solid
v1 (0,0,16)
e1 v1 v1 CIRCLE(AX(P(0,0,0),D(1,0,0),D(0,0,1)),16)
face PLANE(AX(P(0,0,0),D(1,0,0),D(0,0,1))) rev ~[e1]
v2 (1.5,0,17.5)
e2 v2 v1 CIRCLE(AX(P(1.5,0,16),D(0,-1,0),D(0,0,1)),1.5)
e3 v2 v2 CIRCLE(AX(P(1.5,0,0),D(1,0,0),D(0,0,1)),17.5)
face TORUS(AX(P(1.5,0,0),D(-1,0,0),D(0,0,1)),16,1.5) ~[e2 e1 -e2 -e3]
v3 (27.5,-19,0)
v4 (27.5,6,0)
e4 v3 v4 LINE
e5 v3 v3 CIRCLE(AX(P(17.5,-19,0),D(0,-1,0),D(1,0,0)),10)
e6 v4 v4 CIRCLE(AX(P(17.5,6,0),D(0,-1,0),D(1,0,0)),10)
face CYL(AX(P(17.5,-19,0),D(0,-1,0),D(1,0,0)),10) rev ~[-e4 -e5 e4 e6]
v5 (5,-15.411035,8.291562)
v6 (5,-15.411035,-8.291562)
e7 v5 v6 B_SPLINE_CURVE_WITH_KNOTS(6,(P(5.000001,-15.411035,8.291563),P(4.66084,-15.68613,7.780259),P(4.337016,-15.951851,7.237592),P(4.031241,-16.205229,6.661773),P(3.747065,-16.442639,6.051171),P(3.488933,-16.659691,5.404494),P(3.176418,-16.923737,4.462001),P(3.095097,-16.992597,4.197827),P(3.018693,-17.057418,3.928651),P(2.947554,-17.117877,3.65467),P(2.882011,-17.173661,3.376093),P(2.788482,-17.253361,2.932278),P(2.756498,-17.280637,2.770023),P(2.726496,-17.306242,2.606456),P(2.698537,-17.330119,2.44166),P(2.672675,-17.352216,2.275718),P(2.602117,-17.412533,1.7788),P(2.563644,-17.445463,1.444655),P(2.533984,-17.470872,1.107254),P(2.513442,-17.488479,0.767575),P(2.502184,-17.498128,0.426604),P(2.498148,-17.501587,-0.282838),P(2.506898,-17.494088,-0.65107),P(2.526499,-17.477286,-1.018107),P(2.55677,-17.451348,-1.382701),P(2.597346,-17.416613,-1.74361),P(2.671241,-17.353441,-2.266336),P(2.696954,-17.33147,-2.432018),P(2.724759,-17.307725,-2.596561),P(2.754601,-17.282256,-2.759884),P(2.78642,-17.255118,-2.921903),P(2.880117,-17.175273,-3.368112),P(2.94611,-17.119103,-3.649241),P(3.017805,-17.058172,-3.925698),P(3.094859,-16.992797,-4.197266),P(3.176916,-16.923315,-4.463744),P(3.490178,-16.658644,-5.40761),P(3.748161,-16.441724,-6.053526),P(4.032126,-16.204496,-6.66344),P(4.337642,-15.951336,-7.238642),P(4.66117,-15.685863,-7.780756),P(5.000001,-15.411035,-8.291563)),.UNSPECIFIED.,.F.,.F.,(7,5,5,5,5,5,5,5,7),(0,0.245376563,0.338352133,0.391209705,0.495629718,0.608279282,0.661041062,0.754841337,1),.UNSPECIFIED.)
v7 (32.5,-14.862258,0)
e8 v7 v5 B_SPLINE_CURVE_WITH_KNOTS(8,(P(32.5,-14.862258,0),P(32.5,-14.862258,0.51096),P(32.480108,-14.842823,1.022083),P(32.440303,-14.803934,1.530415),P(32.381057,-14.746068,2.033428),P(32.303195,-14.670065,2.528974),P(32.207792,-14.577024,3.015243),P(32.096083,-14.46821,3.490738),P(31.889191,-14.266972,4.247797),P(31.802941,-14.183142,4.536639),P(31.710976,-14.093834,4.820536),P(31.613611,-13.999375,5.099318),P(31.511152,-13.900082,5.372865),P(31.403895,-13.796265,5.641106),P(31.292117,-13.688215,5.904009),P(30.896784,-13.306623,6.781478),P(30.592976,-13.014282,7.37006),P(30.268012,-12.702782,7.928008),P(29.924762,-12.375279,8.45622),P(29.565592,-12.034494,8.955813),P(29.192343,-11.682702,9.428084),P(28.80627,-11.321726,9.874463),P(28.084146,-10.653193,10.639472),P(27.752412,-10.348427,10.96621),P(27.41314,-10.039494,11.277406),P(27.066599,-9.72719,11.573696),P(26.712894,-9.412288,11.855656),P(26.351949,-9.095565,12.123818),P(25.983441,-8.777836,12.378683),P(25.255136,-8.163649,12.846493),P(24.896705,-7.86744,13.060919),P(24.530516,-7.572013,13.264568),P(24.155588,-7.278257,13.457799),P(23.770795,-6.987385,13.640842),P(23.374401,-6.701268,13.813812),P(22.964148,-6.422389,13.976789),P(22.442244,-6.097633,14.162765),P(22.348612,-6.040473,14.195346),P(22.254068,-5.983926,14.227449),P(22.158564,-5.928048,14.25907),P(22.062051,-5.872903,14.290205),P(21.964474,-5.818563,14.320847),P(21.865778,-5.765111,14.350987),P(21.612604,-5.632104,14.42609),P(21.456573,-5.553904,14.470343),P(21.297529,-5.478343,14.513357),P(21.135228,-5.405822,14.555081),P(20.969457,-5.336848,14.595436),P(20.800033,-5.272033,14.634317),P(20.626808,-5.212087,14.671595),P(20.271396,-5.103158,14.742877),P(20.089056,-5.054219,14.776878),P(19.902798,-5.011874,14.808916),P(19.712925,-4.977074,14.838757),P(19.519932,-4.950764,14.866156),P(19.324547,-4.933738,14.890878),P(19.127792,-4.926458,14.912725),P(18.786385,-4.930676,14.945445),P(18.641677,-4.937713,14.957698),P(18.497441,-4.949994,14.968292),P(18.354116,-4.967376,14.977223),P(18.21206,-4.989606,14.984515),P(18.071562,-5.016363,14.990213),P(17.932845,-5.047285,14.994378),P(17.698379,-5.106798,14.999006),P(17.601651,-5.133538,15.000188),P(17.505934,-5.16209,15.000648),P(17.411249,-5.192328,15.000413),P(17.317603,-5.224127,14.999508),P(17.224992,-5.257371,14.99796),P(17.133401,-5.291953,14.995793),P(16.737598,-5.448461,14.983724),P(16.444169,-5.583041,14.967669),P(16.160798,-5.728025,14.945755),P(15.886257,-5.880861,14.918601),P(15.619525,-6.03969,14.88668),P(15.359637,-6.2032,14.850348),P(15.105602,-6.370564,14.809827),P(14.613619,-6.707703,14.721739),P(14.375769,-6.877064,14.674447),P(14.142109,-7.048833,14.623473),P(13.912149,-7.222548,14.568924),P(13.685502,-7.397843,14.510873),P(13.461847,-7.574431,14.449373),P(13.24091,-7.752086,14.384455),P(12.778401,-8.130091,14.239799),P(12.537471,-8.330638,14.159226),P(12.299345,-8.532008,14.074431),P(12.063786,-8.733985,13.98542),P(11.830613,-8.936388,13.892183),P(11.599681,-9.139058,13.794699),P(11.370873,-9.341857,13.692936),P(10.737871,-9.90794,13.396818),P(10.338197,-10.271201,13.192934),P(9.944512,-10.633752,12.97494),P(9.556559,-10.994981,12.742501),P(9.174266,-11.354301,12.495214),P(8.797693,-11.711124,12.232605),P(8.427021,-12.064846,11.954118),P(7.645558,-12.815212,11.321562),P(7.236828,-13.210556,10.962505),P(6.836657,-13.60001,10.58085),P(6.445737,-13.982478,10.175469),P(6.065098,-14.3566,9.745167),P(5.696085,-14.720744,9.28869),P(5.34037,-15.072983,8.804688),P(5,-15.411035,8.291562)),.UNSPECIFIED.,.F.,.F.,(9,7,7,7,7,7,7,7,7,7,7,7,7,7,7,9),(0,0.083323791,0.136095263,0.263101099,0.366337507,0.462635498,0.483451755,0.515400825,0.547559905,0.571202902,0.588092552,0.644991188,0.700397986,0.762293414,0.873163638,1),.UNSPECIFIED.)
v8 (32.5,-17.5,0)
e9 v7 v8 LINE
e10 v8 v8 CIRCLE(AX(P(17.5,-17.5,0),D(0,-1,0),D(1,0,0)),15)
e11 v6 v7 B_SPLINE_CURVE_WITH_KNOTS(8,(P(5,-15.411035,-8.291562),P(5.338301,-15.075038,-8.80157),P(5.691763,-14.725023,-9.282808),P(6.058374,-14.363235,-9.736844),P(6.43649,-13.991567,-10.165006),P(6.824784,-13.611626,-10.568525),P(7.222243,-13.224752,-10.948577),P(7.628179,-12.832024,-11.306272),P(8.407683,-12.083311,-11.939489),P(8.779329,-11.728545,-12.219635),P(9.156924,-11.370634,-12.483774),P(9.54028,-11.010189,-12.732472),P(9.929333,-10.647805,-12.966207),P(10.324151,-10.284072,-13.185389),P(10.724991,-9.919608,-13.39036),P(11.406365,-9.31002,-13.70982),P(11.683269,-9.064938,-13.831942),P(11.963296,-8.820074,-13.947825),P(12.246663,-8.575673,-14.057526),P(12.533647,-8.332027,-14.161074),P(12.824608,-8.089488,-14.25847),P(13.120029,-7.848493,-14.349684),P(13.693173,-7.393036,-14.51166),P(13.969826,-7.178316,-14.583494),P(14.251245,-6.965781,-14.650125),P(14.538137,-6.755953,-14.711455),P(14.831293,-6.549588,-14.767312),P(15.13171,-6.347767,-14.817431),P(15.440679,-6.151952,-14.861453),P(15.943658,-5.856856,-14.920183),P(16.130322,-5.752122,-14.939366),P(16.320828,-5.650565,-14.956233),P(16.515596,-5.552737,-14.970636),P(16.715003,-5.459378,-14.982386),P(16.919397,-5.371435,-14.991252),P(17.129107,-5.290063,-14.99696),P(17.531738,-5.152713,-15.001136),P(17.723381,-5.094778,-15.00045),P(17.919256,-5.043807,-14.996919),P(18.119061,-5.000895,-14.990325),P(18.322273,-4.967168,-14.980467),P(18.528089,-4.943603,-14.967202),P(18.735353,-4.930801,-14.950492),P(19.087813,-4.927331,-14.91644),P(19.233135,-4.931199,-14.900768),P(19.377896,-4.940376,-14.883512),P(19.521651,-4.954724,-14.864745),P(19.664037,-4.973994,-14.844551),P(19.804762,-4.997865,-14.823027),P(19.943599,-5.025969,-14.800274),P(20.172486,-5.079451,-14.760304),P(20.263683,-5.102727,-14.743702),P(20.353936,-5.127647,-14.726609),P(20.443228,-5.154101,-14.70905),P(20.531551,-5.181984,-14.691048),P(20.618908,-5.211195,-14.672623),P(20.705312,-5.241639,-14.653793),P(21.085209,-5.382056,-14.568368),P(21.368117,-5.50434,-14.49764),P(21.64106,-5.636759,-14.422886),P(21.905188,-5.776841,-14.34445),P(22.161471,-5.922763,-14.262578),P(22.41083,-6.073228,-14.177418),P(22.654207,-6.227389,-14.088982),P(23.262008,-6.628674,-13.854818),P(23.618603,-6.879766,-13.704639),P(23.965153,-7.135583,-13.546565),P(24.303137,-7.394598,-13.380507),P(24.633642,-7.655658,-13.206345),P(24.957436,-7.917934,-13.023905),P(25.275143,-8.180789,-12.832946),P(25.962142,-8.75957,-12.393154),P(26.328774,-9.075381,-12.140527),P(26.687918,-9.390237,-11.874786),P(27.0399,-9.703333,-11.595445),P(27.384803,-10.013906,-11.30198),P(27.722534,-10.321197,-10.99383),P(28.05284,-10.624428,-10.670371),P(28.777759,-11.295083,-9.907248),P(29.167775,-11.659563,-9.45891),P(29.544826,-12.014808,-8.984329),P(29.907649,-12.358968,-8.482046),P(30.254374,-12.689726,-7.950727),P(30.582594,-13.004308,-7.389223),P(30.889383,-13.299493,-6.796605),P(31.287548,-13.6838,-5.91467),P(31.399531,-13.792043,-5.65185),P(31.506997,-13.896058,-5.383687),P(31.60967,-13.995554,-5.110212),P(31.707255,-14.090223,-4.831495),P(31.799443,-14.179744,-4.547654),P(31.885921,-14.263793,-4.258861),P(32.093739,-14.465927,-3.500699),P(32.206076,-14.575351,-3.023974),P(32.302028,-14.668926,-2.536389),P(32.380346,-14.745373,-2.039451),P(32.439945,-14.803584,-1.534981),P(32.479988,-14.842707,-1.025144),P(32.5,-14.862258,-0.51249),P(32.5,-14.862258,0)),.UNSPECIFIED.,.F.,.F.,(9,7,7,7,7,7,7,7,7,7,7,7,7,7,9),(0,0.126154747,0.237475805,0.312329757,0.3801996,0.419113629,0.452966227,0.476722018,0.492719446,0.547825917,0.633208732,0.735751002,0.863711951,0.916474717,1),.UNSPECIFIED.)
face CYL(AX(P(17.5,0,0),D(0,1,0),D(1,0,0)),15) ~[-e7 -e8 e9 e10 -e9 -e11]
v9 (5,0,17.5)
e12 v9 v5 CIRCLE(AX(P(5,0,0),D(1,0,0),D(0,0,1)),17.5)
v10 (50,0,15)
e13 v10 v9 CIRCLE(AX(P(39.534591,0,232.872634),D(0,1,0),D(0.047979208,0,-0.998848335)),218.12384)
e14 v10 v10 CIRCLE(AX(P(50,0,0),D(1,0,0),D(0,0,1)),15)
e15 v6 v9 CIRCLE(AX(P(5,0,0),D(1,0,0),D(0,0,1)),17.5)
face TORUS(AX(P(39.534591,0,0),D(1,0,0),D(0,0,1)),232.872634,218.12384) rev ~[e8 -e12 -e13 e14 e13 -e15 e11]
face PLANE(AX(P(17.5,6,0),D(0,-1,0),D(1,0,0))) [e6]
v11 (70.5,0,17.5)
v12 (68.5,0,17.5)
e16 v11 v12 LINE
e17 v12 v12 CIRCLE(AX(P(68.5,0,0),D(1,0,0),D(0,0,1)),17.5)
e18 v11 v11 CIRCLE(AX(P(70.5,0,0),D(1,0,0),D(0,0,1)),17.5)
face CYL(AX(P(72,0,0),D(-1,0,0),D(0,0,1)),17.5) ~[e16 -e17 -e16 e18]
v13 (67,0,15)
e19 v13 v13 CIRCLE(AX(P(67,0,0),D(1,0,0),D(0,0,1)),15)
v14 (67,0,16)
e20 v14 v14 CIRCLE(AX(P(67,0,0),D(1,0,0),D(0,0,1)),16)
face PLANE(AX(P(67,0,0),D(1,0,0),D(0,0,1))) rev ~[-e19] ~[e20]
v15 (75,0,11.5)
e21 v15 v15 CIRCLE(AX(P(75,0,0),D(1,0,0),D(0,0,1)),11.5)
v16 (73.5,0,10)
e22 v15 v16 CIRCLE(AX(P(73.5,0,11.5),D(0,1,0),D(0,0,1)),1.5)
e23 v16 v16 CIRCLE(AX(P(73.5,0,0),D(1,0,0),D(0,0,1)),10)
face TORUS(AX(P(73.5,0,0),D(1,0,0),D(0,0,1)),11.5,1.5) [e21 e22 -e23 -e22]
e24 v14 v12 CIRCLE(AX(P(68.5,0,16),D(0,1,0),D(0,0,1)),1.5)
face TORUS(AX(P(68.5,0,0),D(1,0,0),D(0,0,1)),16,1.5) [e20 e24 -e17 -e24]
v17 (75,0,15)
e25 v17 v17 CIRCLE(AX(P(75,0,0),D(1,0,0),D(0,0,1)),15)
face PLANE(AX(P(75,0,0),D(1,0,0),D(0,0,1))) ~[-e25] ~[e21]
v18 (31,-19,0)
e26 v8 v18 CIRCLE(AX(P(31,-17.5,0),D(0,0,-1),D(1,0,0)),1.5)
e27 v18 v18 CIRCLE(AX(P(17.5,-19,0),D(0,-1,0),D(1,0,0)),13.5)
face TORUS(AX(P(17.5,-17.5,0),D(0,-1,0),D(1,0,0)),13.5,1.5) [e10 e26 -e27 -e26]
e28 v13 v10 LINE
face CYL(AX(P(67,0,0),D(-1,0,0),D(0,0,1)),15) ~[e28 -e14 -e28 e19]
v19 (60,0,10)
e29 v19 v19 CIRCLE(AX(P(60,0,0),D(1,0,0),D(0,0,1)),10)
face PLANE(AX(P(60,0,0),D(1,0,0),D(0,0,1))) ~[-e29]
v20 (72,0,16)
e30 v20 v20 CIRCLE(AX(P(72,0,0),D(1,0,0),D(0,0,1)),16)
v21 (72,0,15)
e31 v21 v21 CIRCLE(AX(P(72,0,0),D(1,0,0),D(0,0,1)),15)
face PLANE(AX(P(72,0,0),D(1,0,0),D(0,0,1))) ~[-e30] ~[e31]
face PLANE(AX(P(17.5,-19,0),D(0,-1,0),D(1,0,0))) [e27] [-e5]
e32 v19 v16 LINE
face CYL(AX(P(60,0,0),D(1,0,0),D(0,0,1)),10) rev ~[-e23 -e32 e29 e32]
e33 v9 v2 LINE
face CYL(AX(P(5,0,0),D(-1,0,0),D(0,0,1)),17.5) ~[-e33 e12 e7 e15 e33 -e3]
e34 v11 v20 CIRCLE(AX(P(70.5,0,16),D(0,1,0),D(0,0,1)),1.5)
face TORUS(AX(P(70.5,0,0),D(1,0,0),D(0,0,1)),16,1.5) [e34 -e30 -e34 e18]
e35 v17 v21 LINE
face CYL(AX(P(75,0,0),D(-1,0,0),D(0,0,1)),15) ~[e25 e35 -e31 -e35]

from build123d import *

# Parameters (mm, degrees)
F2_R     = 15
F3_DEPTH = 19
F4_R     = 10
F5_DEPTH = 25
F6_R     = 1.5
F7_R     = 1.5


with BuildPart() as f1:
    # F0 (on Front) → F1 (revolve)
    with BuildSketch(Plane.XZ):
        with BuildLine():
            Line((5, 17.5), (0, 17.5))
            Line((0, 17.5), (0, 0))
            Line((0, 0), (60, 0))
            Line((60, 0), (60, 10))
            Line((60, 10), (75, 10))
            Line((75, 10), (75, 15))
            Line((75, 15), (72, 15))
            Line((72, 15), (72, 17.5))
            Line((72, 17.5), (67, 17.5))
            Line((67, 17.5), (67, 15))
            Line((67, 15), (50, 15))
            ThreePointArc((50, 15), (27.435257, 15.084628), (5, 17.5))
        make_face()
    revolve(axis=Axis((30, 0, 0), (1, 0, 0)))

    # F2 (on Front) → F3 (join)
    with BuildSketch(Plane.XZ):
        with Locations((17.5, 0)):
            Circle(F2_R)
    extrude(amount=F3_DEPTH)

    # F4 (on face) → F5 (cut)
    with BuildSketch(Plane.XZ.offset(19)):
        with Locations((17.5, 0)):
            Circle(F4_R)
    extrude(amount=-F5_DEPTH, mode=Mode.SUBTRACT)

    # F6
    f6_edges = [f1.edges().sort_by_distance(p)[0] for p in [
        (0, 0, -17.5),
        (2.5, -19, 0),
        (67, 0, -17.5),
        (75, 0, -10),
    ]]
    fillet(f6_edges, radius=F6_R)

    # F7
    f7_edges = [f1.edges().sort_by_distance(p)[0] for p in [
        (72, 0, -17.5),
    ]]
    fillet(f7_edges, radius=F7_R)


solid = f1.part
